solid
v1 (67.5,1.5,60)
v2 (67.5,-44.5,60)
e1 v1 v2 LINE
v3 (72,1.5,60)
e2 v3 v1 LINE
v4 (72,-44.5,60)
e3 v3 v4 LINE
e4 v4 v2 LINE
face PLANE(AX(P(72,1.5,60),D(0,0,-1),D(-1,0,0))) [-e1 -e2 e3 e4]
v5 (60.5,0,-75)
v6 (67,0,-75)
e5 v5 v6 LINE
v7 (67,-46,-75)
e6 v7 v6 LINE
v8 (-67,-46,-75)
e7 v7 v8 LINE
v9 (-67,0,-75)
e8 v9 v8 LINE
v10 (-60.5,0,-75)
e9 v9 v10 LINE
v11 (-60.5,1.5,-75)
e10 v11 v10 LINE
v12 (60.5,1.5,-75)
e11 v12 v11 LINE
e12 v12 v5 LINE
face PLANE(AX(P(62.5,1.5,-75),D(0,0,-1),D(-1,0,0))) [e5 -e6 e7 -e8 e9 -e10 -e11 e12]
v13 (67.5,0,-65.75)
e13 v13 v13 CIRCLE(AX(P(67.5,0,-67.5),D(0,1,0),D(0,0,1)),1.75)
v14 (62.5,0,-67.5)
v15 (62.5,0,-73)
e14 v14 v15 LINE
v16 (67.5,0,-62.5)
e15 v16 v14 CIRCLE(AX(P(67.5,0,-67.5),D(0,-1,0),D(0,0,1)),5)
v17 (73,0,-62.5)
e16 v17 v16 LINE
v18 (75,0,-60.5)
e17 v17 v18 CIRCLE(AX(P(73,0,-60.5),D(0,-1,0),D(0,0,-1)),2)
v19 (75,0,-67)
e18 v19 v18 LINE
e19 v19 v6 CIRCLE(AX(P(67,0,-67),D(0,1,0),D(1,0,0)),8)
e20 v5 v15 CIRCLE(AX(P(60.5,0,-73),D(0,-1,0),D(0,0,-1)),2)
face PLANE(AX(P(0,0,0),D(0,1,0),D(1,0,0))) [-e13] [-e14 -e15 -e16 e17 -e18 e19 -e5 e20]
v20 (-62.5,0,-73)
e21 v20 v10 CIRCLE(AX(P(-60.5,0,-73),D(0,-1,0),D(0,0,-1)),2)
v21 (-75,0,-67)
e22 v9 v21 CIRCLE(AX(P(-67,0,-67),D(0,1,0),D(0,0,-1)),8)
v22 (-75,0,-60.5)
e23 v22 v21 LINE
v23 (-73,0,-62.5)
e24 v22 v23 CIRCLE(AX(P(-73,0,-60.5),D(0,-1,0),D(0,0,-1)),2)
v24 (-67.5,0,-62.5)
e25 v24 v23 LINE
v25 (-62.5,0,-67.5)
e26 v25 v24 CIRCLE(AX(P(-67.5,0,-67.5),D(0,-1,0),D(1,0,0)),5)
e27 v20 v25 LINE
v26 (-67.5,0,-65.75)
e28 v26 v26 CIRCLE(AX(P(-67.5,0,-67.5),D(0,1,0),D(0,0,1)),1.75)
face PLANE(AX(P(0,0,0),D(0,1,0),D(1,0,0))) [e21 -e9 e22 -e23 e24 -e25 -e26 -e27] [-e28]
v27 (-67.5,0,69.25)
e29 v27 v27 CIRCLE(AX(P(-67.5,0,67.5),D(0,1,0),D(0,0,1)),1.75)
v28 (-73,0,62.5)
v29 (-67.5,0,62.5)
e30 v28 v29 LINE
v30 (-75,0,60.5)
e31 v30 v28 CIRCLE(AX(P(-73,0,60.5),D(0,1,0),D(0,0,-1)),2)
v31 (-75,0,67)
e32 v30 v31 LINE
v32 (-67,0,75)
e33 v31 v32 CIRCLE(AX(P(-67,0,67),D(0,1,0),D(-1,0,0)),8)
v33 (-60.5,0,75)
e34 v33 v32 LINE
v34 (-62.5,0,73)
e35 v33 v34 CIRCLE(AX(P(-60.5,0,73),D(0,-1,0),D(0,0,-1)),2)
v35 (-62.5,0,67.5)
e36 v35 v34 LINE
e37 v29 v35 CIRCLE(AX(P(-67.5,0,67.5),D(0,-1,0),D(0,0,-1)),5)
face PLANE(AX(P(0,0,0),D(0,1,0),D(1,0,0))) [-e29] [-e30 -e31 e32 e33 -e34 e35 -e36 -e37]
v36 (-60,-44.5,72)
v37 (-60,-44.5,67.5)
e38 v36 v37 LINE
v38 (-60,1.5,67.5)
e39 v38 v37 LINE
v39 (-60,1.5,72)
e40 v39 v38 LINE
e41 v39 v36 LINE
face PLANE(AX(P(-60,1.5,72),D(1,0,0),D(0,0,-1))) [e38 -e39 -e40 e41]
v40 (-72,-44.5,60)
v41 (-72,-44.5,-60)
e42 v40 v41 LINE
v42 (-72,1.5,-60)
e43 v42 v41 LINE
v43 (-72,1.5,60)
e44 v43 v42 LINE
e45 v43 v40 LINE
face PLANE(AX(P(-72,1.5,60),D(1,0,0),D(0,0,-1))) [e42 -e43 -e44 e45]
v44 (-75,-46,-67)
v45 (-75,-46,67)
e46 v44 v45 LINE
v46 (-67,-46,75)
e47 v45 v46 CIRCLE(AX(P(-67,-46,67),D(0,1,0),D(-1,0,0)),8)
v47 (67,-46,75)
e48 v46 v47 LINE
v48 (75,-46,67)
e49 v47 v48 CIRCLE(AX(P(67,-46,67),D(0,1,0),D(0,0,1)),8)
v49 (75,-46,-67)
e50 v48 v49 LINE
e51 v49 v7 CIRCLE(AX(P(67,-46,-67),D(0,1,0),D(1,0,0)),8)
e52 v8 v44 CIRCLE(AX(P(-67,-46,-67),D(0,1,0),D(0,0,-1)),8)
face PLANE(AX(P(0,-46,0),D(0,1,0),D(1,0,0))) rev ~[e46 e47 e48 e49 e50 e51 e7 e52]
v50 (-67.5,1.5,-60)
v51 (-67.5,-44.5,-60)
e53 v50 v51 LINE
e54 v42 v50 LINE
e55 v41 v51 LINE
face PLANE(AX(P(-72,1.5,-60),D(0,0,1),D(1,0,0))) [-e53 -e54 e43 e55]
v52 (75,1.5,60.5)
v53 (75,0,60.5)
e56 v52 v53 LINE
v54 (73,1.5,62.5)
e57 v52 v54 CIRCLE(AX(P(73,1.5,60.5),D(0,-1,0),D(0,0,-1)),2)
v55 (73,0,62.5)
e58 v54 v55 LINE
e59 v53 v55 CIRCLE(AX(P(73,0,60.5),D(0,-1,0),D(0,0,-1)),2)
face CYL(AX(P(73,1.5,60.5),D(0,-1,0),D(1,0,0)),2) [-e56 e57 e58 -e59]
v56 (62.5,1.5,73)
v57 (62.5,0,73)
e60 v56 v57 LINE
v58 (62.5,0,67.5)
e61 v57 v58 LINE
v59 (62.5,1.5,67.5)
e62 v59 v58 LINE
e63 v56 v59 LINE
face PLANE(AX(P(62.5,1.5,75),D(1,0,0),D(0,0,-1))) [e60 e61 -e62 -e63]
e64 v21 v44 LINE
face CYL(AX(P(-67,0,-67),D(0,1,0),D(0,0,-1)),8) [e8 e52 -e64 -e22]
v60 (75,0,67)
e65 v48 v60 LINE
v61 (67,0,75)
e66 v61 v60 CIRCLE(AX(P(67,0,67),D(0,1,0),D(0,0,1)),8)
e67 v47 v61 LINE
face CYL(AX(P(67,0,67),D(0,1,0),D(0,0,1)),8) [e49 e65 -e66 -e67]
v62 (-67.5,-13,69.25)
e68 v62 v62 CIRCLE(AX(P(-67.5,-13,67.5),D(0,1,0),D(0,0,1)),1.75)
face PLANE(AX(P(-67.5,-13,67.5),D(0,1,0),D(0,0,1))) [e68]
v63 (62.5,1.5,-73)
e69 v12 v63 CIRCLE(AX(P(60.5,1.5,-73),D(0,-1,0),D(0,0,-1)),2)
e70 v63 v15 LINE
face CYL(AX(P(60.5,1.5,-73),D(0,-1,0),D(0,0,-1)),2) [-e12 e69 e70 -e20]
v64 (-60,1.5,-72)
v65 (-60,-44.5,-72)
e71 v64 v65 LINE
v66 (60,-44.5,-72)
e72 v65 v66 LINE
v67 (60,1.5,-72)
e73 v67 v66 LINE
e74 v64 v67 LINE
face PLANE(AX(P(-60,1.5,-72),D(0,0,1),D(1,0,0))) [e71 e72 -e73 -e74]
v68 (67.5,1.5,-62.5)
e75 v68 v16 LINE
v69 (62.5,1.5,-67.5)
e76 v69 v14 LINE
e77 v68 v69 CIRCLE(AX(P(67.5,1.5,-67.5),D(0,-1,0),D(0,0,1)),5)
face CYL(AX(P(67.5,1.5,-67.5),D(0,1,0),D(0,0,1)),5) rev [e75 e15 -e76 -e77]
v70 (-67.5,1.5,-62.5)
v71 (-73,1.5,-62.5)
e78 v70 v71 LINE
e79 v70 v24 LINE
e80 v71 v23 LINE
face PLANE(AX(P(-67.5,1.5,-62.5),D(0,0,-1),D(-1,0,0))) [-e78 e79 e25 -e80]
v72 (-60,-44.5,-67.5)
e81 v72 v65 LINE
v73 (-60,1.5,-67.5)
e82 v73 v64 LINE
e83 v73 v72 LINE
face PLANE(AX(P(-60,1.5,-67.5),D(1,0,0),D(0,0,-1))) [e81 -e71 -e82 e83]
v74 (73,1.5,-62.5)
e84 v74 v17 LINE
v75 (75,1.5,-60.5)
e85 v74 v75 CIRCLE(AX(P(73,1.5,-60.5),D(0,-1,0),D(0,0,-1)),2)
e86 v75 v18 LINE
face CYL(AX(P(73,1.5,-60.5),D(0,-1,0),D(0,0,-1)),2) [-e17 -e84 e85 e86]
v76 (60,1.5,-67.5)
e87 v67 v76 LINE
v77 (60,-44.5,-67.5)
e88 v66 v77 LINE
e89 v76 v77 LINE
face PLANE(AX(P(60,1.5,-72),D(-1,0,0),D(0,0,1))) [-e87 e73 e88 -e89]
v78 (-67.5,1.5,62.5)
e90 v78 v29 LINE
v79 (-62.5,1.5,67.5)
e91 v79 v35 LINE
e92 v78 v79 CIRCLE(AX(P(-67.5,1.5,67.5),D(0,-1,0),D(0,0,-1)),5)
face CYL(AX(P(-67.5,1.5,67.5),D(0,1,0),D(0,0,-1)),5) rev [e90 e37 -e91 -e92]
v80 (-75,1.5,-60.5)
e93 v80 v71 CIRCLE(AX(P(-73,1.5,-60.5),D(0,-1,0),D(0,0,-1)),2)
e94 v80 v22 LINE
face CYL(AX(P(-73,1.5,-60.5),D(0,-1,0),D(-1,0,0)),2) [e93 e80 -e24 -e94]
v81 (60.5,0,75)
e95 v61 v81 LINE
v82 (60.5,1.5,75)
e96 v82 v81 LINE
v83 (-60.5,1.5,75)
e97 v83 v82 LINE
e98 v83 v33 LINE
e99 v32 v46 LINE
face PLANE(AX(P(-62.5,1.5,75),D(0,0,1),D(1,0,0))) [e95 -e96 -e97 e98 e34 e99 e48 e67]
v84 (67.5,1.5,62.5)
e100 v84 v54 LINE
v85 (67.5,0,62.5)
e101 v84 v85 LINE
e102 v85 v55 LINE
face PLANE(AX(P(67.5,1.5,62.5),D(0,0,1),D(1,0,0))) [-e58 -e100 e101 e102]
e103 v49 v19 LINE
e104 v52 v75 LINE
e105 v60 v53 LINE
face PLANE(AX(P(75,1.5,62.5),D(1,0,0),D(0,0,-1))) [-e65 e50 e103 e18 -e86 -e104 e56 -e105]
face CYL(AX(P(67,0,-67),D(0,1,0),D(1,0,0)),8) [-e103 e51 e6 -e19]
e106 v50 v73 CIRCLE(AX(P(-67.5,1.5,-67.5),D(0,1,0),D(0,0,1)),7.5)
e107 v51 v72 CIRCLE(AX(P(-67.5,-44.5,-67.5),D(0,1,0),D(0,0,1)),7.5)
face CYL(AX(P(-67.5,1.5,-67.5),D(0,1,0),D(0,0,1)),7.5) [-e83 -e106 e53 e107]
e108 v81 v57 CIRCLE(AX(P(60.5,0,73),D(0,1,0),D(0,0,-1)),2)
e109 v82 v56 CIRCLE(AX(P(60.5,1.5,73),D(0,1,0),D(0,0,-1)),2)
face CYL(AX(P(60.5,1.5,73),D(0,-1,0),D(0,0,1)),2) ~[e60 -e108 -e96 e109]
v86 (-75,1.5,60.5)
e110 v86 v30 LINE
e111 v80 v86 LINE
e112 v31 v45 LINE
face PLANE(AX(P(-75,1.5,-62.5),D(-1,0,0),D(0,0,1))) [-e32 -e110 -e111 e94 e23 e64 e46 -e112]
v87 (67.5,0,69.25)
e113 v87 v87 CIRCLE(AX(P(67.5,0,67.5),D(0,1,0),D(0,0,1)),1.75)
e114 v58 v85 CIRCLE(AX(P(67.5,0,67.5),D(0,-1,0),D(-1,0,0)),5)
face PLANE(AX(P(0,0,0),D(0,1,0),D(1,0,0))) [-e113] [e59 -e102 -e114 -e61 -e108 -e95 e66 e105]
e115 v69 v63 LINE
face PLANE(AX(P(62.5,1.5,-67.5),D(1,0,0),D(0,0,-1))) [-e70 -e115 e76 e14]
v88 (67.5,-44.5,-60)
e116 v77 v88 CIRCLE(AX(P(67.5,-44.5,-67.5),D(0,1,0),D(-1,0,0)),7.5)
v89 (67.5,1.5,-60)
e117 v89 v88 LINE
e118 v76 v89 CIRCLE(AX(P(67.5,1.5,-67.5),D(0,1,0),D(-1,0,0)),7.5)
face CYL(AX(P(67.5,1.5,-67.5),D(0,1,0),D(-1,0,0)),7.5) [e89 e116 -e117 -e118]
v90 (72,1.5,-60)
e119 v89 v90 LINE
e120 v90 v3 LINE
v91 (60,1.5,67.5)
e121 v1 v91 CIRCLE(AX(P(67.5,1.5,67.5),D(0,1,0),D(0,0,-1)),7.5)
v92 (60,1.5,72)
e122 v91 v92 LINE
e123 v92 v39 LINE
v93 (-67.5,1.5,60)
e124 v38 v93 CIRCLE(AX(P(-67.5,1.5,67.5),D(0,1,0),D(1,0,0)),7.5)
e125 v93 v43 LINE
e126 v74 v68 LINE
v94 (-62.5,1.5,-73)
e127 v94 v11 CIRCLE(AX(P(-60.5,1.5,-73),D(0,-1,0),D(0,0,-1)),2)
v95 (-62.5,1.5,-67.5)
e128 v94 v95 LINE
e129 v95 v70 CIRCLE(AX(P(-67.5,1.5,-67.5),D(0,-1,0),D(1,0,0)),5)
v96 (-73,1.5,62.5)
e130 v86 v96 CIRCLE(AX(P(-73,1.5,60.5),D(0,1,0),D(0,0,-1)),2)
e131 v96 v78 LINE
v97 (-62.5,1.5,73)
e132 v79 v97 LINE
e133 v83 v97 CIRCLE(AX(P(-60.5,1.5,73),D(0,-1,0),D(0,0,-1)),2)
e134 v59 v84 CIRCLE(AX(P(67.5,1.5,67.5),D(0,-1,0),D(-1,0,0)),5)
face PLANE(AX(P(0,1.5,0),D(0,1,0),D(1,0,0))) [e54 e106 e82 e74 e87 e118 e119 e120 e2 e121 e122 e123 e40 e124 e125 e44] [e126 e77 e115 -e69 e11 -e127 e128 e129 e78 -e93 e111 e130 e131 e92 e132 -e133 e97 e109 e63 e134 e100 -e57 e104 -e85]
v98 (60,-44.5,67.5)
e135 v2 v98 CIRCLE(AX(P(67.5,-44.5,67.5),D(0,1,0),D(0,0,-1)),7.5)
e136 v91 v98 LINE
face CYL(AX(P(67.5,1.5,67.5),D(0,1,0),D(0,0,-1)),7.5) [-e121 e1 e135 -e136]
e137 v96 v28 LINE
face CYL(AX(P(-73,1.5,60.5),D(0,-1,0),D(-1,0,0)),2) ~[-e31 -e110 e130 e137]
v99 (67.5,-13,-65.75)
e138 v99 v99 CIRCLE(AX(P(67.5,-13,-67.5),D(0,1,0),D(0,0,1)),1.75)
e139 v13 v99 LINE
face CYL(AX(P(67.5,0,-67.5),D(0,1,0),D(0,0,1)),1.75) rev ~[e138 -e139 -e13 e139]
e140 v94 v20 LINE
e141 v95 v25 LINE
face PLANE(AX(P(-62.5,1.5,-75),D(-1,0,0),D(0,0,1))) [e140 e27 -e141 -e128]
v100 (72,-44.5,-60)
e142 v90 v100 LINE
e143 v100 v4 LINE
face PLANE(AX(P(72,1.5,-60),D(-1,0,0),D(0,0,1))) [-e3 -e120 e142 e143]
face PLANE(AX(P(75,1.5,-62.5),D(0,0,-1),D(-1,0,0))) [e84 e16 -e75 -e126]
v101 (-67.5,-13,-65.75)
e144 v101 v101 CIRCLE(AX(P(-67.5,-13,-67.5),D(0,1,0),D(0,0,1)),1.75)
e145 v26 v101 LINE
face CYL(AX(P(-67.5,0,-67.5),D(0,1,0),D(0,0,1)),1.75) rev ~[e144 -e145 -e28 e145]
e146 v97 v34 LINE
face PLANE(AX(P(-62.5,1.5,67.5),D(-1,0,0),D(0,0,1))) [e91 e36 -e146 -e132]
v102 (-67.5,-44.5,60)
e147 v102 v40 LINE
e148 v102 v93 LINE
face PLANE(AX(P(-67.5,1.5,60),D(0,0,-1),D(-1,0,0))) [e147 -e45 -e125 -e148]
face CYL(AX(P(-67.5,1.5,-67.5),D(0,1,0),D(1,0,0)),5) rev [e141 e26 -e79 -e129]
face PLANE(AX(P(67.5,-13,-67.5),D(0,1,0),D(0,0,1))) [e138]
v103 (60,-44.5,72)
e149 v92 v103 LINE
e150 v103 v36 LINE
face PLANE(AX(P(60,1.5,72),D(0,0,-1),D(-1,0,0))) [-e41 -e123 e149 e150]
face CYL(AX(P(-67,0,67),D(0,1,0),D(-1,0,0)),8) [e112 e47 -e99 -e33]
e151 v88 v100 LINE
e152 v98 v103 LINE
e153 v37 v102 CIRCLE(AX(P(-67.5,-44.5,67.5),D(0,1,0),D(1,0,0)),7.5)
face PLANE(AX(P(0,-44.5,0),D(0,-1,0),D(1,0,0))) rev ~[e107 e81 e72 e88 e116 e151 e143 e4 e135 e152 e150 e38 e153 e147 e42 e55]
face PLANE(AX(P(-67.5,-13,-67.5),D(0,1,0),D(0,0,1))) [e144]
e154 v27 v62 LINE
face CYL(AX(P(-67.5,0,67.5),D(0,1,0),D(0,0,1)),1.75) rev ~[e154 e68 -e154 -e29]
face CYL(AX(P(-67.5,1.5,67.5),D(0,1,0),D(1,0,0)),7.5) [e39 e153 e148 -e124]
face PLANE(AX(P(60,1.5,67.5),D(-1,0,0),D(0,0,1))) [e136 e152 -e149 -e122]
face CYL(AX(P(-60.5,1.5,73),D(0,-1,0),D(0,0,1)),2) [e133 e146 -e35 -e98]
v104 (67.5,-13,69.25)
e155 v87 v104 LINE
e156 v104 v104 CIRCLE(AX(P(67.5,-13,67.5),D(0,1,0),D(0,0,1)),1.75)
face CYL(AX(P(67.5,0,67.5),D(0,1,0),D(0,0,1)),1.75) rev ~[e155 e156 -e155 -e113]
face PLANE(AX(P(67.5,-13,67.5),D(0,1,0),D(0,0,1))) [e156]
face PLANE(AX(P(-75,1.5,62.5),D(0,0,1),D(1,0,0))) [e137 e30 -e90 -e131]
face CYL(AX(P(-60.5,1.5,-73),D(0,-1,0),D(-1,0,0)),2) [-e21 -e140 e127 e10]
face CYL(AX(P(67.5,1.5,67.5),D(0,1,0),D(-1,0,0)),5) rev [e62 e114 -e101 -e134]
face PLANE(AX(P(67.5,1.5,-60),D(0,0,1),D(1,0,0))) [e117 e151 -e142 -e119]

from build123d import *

# Parameters (mm, degrees)
BOSS_EXTRUDE1_DEPTH = 46
BOSS_EXTRUDE2_START = 1.5
BOSS_EXTRUDE2_DEPTH = 1.5
SKETCH1_4_R         = 1.75
CUT_EXTRUDE1_DEPTH  = 13
BOSS_EXTRUDE3_START = -1.5
BOSS_EXTRUDE3_DEPTH = 1.5
FILLET1_R           = 2


with BuildPart() as part:
    # Sketch1 → Boss-Extrude1 (new body)
    with BuildSketch(Plane(origin=(0, 0, 0), x_dir=(1, 0, 0), z_dir=(0, 1, 0))):
        with BuildLine():
            ThreePointArc((-75, -67), (-72.656854249, -72.656854249), (-67, -75))
            Line((-67, -75), (67, -75))
            ThreePointArc((67, -75), (72.656854249, -72.656854249), (75, -67))
            Line((75, -67), (75, 67))
            ThreePointArc((75, 67), (72.656854249, 72.656854249), (67, 75))
            Line((67, 75), (-67, 75))
            ThreePointArc((-67, 75), (-72.656854249, 72.656854249), (-75, 67))
            Line((-75, 67), (-75, -67))
        make_face()
        with BuildLine():
            ThreePointArc((-67.5, 60), (-62.196699141, 62.196699141), (-60, 67.5))
            Line((-60, 67.5), (-60, 72))
            Line((-60, 72), (60, 72))
            Line((60, 72), (60, 67.5))
            ThreePointArc((60, 67.5), (62.196699141, 62.196699141), (67.5, 60))
            Line((67.5, 60), (72, 60))
            Line((72, 60), (72, -60))
            Line((72, -60), (67.5, -60))
            ThreePointArc((67.5, -60), (62.196699141, -62.196699141), (60, -67.5))
            Line((60, -67.5), (60, -72))
            Line((60, -72), (-60, -72))
            Line((-60, -72), (-60, -67.5))
            ThreePointArc((-60, -67.5), (-62.196699141, -62.196699141), (-67.5, -60))
            Line((-67.5, -60), (-72, -60))
            Line((-72, -60), (-72, 60))
            Line((-72, 60), (-67.5, 60))
        make_face(mode=Mode.SUBTRACT)
    extrude(amount=-BOSS_EXTRUDE1_DEPTH)

    # Sketch1<3> → Boss-Extrude2 (add)
    with BuildSketch(Plane(origin=(0, 0, 0), x_dir=(1, 0, 0), z_dir=(0, 1, 0)).offset(BOSS_EXTRUDE2_START)):
        with BuildLine():
            Line((-62.5, -67.5), (-62.5, -75))
            Line((-62.5, -75), (62.5, -75))
            Line((62.5, -75), (62.5, -67.5))
            ThreePointArc((62.5, -67.5), (63.964466094, -63.964466094), (67.5, -62.5))
            Line((67.5, -62.5), (75, -62.5))
            Line((75, -62.5), (75, 62.5))
            Line((75, 62.5), (67.5, 62.5))
            ThreePointArc((67.5, 62.5), (63.964466094, 63.964466094), (62.5, 67.5))
            Line((62.5, 67.5), (62.5, 75))
            Line((62.5, 75), (-62.5, 75))
            Line((-62.5, 75), (-62.5, 67.5))
            ThreePointArc((-62.5, 67.5), (-63.964466094, 63.964466094), (-67.5, 62.5))
            Line((-67.5, 62.5), (-75, 62.5))
            Line((-75, 62.5), (-75, -62.5))
            Line((-75, -62.5), (-67.5, -62.5))
            ThreePointArc((-67.5, -62.5), (-63.964466094, -63.964466094), (-62.5, -67.5))
        make_face()
        with BuildLine():
            Line((-67.5, -60), (-72, -60))
            Line((-72, -60), (-72, 60))
            Line((-72, 60), (-67.5, 60))
            ThreePointArc((-67.5, 60), (-62.196699141, 62.196699141), (-60, 67.5))
            Line((-60, 67.5), (-60, 72))
            Line((-60, 72), (60, 72))
            Line((60, 72), (60, 67.5))
            ThreePointArc((60, 67.5), (62.196699141, 62.196699141), (67.5, 60))
            Line((67.5, 60), (72, 60))
            Line((72, 60), (72, -60))
            Line((72, -60), (67.5, -60))
            ThreePointArc((67.5, -60), (62.196699141, -62.196699141), (60, -67.5))
            Line((60, -67.5), (60, -72))
            Line((60, -72), (-60, -72))
            Line((-60, -72), (-60, -67.5))
            ThreePointArc((-60, -67.5), (-62.196699141, -62.196699141), (-67.5, -60))
        make_face(mode=Mode.SUBTRACT)
    extrude(amount=-BOSS_EXTRUDE2_DEPTH)

    # Sketch1<4> → Cut-Extrude1 (cut)
    with BuildSketch(Plane(origin=(0, 0, 0), x_dir=(1, 0, 0), z_dir=(0, 1, 0))):
        with Locations((-67.5, 67.5)):
            Circle(SKETCH1_4_R)
        with Locations((67.5, 67.5)):
            Circle(SKETCH1_4_R)
        with Locations((67.5, -67.5)):
            Circle(SKETCH1_4_R)
        with Locations((-67.5, -67.5)):
            Circle(SKETCH1_4_R)
    extrude(amount=-CUT_EXTRUDE1_DEPTH, mode=Mode.SUBTRACT)

    # Sketch2 → Boss-Extrude3 (add)
    with BuildSketch(Plane.XZ.offset(46).offset(BOSS_EXTRUDE3_START)):
        with BuildLine():
            Line((-75, 67), (-75, -67))
            ThreePointArc((-75, -67), (-72.656854249, -72.656854249), (-67, -75))
            Line((-67, -75), (67, -75))
            ThreePointArc((67, -75), (72.656854249, -72.656854249), (75, -67))
            Line((75, -67), (75, 67))
            ThreePointArc((75, 67), (72.656854249, 72.656854249), (67, 75))
            Line((67, 75), (-67, 75))
            ThreePointArc((-67, 75), (-72.656854249, 72.656854249), (-75, 67))
        make_face()
    extrude(amount=BOSS_EXTRUDE3_DEPTH)

    # Fillet1
    fillet1_edges = [part.edges().sort_by_distance(p)[0] for p in [
        (62.5, 0.75, -75),
        (75, 0.75, -62.5),
        (75, 0.75, 62.5),
        (62.5, 0.75, 75),
        (-62.5, 0.75, 75),
        (-75, 0.75, 62.5),
        (-75, 0.75, -62.5),
        (-62.5, 0.75, -75),
    ]]
    fillet(fillet1_edges, radius=FILLET1_R)


solid = part.part
